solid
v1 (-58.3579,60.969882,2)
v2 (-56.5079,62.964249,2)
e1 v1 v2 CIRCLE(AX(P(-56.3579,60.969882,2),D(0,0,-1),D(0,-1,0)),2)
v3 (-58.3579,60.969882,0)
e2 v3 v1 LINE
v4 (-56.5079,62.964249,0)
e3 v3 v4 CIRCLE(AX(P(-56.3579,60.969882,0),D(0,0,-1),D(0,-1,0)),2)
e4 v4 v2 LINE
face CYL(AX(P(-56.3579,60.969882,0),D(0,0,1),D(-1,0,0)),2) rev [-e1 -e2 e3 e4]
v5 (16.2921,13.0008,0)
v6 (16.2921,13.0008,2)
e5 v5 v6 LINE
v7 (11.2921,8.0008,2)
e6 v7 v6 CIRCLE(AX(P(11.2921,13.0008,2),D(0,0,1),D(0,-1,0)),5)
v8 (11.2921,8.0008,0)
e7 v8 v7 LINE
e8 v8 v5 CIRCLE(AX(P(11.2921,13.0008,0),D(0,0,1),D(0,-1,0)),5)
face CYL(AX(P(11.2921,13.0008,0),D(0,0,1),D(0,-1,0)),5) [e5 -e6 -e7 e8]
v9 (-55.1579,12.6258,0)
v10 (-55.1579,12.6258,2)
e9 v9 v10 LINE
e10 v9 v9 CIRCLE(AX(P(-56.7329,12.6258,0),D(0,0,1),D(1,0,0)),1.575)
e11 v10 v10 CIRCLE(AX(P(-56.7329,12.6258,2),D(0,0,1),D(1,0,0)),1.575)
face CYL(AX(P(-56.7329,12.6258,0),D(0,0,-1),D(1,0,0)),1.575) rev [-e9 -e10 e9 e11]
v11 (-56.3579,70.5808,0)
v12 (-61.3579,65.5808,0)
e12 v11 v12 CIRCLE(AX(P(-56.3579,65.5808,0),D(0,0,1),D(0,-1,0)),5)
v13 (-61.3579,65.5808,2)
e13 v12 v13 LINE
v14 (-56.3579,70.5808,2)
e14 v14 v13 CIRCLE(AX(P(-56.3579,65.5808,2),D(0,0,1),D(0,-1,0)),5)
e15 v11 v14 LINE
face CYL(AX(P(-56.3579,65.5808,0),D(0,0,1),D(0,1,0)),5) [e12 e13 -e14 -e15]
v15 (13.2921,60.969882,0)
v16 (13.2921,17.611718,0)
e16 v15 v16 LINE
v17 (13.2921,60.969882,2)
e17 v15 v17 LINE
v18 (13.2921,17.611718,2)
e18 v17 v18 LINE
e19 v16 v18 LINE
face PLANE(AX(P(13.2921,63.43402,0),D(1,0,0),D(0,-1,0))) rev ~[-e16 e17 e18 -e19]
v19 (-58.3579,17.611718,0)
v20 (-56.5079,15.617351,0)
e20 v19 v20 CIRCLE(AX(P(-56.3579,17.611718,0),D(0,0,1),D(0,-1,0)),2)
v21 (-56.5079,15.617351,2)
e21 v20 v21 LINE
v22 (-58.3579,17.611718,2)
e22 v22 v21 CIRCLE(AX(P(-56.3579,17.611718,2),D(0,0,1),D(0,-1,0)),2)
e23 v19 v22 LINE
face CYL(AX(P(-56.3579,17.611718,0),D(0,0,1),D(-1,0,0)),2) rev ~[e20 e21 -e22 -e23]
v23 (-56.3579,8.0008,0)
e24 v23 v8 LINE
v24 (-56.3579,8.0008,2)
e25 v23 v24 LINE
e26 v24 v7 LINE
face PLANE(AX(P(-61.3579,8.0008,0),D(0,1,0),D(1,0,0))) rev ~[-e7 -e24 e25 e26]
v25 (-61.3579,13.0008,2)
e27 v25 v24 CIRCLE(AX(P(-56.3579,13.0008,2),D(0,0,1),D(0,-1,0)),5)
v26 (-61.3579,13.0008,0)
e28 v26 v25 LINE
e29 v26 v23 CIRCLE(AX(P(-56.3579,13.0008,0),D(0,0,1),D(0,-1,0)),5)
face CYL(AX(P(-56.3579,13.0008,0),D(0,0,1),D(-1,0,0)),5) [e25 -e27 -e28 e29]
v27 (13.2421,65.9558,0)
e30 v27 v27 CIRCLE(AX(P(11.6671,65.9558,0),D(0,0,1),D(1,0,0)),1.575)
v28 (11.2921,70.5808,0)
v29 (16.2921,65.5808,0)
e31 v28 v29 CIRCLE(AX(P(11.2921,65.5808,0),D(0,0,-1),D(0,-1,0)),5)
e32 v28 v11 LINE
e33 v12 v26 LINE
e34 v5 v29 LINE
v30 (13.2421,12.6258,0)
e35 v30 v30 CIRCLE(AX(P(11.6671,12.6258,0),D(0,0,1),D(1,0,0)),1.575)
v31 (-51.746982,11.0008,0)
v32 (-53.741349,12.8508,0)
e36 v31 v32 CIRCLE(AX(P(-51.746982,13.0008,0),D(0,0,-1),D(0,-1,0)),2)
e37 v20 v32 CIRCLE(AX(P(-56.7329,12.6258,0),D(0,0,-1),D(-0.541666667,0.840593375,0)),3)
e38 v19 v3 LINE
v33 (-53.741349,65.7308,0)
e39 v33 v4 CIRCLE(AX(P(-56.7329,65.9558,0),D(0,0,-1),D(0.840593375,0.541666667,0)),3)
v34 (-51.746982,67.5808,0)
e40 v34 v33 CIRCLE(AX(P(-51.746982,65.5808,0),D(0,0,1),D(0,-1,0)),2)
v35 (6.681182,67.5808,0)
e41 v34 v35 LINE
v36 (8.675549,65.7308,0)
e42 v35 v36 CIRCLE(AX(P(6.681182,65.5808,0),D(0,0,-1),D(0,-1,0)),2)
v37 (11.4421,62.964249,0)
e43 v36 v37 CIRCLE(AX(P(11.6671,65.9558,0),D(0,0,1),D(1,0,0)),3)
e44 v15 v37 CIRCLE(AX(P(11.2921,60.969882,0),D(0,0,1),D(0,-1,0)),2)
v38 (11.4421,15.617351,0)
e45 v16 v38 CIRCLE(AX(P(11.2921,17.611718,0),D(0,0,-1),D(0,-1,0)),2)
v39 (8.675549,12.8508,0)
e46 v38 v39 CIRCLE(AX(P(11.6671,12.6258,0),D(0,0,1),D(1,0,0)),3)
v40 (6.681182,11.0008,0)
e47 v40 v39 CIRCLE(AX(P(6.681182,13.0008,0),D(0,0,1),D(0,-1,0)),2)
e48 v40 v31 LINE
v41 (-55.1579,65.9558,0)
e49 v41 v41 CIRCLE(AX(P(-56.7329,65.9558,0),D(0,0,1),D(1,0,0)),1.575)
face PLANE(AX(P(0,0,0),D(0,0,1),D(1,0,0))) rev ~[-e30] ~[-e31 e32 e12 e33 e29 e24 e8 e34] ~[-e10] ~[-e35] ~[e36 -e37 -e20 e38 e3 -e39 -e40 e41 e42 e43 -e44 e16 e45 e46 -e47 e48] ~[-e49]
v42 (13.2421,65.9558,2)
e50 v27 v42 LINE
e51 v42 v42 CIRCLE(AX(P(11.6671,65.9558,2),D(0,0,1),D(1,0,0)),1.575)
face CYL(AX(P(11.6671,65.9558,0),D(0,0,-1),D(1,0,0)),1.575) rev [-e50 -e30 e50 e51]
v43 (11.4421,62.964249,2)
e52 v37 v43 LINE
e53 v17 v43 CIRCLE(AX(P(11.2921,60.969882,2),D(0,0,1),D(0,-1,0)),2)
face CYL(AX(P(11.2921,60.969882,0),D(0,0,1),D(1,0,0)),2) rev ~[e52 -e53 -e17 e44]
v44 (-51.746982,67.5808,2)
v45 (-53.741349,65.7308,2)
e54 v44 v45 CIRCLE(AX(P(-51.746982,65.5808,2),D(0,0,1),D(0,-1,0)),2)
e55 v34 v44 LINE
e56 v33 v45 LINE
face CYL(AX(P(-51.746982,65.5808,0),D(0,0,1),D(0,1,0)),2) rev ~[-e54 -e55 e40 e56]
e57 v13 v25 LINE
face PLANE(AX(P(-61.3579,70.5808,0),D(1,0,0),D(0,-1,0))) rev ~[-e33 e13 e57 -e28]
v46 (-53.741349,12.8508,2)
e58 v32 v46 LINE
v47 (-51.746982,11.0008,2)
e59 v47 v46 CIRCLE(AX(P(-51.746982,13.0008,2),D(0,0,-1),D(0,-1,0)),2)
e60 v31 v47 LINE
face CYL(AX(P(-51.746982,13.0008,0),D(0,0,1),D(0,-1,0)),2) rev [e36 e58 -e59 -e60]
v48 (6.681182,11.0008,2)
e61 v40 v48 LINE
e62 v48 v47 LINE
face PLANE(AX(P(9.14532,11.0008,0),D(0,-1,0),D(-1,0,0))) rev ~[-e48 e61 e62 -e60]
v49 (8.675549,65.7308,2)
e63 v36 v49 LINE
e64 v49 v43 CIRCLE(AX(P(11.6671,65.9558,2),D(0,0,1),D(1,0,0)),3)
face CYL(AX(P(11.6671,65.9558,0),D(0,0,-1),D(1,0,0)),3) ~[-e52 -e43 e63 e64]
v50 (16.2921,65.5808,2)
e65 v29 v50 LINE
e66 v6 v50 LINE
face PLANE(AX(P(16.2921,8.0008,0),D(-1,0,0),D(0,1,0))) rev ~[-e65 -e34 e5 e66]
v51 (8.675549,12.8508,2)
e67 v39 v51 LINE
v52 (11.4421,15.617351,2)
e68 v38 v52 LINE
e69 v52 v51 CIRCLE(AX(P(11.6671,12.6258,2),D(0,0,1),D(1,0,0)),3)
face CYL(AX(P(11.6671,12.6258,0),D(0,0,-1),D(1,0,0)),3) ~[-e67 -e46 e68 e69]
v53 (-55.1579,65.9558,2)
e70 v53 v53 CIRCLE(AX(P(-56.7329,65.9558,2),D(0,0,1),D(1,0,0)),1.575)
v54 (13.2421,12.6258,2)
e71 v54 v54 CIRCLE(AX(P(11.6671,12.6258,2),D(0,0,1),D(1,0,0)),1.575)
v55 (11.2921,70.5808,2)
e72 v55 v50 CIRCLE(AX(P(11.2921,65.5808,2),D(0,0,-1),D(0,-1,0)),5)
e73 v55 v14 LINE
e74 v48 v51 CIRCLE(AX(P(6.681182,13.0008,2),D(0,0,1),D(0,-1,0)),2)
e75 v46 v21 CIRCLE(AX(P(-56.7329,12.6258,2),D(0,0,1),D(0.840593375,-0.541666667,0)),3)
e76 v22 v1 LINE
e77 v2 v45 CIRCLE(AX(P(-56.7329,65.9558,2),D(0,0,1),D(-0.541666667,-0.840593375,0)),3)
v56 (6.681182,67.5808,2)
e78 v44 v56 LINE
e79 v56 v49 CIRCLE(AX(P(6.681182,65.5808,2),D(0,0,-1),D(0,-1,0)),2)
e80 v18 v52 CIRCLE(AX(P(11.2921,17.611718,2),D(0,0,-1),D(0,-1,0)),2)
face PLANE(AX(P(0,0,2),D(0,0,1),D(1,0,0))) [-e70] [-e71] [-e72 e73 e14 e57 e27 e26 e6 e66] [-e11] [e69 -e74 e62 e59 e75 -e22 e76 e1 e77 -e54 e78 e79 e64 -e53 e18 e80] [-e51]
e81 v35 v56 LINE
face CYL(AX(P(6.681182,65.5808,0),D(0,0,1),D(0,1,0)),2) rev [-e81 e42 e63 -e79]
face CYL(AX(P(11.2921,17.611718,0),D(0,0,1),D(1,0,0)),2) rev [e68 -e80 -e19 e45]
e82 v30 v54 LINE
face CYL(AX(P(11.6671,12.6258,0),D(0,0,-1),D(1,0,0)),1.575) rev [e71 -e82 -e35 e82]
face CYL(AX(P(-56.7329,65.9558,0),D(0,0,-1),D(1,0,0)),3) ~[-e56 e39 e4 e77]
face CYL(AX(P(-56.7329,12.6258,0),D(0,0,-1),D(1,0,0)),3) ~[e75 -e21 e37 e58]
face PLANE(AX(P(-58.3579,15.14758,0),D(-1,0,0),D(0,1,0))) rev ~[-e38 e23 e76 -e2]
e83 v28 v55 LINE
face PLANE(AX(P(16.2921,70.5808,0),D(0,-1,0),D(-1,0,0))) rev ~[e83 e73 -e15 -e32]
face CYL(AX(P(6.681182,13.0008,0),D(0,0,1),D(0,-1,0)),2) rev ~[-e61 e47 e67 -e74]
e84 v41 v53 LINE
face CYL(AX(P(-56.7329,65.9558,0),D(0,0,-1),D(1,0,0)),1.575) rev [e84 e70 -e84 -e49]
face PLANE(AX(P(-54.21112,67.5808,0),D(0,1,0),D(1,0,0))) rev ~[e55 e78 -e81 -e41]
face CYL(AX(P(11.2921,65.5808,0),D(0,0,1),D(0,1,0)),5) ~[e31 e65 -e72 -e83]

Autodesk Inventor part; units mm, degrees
ref_plane "YZ Plane" through (0, 0, 0) normal (1, 0, 0) x (0, 1, 0)
ref_plane "XZ Plane" through (0, 0, 0) normal (0, 1, 0) x (-1, 0, 0)
ref_plane "XY Plane" through (0, 0, 0) normal (0, 0, 1) x (1, 0, 0)
sketch "card+border" plane through (0, 0, 0) normal (0, 0, 1) x (1, 0, 0)
  line L0 (-59.3579, 68.5808) -> (-59.3579, 10.0008)
  line L1 (-59.3579, 10.0008) -> (14.2921, 10.0008)
  line L2 (14.2921, 10.0008) -> (14.2921, 68.5808)
  line L3 (14.2921, 68.5808) -> (-59.3579, 68.5808)
  circle A0 centre (11.6671, 65.9558) radius 1.575
  circle A1 centre (11.6671, 12.6258) radius 1.575
  circle A2 centre (-56.7329, 65.9558) radius 1.575
  circle A3 centre (-56.7329, 12.6258) radius 1.575
  line L4 (-61.3579, 70.5808) -> (-61.3579, 8.0008)
  line L5 (-61.3579, 8.0008) -> (16.2921, 8.0008)
  line L6 (16.2921, 8.0008) -> (16.2921, 70.5808)
  line L7 (16.2921, 70.5808) -> (-61.3579, 70.5808)
  line L8 (-58.3579, 67.5808) -> (13.2921, 67.5808)
  line L9 (13.2921, 67.5808) -> (13.2921, 11.0008)
  line L10 (13.2921, 11.0008) -> (-58.3579, 11.0008)
  line L11 (-58.3579, 11.0008) -> (-58.3579, 67.5808)
  circle A4 centre (-56.7329, 65.9558) radius 3
  circle A5 centre (11.6671, 65.9558) radius 3
  circle A6 centre (11.6671, 12.6258) radius 3
  circle A7 centre (-56.7329, 12.6258) radius 3
  point P0 (0, 0)
  point P1 (-54.2111, 67.5808)
  point P2 (9.1454, 67.5808)
  point P3 (13.2921, 63.434)
  point P4 (13.2921, 15.1475)
  point P5 (9.1454, 11.0008)
  point P6 (-54.2111, 11.0008)
  point P7 (-58.3579, 15.1475)
  point P8 (-58.3579, 63.434)
  dimension "d1" = 58.58
  dimension "d2" = 73.65
  dimension "d4" = 2.625
  dimension "d5" = 3.15
  dimension "d31" = 2.625
  dimension "d32" = 2.625
  dimension "d33" = 2.625
  dimension "d34" = 3.15
  dimension "d35" = 2
  dimension "d36" = 3
  dimension "d37" = 3
  dimension "d38" = 3
  dimension "d39" = 3
  dimension "d40" = 6
  dimension "d41" = 6
  dimension "d42" = 6
  dimension "d43" = 6
extrude "Middle wall" add sketch "card+border" along normal blind 2 contours L3 A4 L0 | A4 L3 L8 L11 L0 | L0 A4 | A4 L3 | A4 L11 A7 L0 | L3 A5 L8 A4 | A7 L11 L10 L1 L0 | L0 A7 | L11 L8 A4 | A5 L3 | L3 A5 L2 L9 L8 | A7 L1 L0 | A7 L10 L11 | L3 L2 A5 | L8 L9 A5 | L1 A7 | A5 L2 | A5 L2 A6 L9 | A7 L10 A6 L1 | A6 L2 L1 L10 L9 | L9 L10 A6 | L1 A6 | A6 L2 | A6 L2 L1 | L7 L6 L5 L4
fillet "Skruehull suport" radius 2 8 edges at (9.1454, 67.5808, 1) (13.2921, 63.434, 1) (-58.3579, 63.434, 1) (-54.2111, 67.5808, 1) (-54.2111, 11.0008, 1) (-58.3579, 15.1475, 1) (13.2921, 15.1475, 1) (9.1454, 11.0008, 1)
fillet "Kantutjevning" radius 5 4 edges at (16.2921, 70.5808, 1) (-61.3579, 70.5808, 1) (-61.3579, 8.0008, 1) (16.2921, 8.0008, 1)
properties part number "Trippeldekker_Midtre plate"
